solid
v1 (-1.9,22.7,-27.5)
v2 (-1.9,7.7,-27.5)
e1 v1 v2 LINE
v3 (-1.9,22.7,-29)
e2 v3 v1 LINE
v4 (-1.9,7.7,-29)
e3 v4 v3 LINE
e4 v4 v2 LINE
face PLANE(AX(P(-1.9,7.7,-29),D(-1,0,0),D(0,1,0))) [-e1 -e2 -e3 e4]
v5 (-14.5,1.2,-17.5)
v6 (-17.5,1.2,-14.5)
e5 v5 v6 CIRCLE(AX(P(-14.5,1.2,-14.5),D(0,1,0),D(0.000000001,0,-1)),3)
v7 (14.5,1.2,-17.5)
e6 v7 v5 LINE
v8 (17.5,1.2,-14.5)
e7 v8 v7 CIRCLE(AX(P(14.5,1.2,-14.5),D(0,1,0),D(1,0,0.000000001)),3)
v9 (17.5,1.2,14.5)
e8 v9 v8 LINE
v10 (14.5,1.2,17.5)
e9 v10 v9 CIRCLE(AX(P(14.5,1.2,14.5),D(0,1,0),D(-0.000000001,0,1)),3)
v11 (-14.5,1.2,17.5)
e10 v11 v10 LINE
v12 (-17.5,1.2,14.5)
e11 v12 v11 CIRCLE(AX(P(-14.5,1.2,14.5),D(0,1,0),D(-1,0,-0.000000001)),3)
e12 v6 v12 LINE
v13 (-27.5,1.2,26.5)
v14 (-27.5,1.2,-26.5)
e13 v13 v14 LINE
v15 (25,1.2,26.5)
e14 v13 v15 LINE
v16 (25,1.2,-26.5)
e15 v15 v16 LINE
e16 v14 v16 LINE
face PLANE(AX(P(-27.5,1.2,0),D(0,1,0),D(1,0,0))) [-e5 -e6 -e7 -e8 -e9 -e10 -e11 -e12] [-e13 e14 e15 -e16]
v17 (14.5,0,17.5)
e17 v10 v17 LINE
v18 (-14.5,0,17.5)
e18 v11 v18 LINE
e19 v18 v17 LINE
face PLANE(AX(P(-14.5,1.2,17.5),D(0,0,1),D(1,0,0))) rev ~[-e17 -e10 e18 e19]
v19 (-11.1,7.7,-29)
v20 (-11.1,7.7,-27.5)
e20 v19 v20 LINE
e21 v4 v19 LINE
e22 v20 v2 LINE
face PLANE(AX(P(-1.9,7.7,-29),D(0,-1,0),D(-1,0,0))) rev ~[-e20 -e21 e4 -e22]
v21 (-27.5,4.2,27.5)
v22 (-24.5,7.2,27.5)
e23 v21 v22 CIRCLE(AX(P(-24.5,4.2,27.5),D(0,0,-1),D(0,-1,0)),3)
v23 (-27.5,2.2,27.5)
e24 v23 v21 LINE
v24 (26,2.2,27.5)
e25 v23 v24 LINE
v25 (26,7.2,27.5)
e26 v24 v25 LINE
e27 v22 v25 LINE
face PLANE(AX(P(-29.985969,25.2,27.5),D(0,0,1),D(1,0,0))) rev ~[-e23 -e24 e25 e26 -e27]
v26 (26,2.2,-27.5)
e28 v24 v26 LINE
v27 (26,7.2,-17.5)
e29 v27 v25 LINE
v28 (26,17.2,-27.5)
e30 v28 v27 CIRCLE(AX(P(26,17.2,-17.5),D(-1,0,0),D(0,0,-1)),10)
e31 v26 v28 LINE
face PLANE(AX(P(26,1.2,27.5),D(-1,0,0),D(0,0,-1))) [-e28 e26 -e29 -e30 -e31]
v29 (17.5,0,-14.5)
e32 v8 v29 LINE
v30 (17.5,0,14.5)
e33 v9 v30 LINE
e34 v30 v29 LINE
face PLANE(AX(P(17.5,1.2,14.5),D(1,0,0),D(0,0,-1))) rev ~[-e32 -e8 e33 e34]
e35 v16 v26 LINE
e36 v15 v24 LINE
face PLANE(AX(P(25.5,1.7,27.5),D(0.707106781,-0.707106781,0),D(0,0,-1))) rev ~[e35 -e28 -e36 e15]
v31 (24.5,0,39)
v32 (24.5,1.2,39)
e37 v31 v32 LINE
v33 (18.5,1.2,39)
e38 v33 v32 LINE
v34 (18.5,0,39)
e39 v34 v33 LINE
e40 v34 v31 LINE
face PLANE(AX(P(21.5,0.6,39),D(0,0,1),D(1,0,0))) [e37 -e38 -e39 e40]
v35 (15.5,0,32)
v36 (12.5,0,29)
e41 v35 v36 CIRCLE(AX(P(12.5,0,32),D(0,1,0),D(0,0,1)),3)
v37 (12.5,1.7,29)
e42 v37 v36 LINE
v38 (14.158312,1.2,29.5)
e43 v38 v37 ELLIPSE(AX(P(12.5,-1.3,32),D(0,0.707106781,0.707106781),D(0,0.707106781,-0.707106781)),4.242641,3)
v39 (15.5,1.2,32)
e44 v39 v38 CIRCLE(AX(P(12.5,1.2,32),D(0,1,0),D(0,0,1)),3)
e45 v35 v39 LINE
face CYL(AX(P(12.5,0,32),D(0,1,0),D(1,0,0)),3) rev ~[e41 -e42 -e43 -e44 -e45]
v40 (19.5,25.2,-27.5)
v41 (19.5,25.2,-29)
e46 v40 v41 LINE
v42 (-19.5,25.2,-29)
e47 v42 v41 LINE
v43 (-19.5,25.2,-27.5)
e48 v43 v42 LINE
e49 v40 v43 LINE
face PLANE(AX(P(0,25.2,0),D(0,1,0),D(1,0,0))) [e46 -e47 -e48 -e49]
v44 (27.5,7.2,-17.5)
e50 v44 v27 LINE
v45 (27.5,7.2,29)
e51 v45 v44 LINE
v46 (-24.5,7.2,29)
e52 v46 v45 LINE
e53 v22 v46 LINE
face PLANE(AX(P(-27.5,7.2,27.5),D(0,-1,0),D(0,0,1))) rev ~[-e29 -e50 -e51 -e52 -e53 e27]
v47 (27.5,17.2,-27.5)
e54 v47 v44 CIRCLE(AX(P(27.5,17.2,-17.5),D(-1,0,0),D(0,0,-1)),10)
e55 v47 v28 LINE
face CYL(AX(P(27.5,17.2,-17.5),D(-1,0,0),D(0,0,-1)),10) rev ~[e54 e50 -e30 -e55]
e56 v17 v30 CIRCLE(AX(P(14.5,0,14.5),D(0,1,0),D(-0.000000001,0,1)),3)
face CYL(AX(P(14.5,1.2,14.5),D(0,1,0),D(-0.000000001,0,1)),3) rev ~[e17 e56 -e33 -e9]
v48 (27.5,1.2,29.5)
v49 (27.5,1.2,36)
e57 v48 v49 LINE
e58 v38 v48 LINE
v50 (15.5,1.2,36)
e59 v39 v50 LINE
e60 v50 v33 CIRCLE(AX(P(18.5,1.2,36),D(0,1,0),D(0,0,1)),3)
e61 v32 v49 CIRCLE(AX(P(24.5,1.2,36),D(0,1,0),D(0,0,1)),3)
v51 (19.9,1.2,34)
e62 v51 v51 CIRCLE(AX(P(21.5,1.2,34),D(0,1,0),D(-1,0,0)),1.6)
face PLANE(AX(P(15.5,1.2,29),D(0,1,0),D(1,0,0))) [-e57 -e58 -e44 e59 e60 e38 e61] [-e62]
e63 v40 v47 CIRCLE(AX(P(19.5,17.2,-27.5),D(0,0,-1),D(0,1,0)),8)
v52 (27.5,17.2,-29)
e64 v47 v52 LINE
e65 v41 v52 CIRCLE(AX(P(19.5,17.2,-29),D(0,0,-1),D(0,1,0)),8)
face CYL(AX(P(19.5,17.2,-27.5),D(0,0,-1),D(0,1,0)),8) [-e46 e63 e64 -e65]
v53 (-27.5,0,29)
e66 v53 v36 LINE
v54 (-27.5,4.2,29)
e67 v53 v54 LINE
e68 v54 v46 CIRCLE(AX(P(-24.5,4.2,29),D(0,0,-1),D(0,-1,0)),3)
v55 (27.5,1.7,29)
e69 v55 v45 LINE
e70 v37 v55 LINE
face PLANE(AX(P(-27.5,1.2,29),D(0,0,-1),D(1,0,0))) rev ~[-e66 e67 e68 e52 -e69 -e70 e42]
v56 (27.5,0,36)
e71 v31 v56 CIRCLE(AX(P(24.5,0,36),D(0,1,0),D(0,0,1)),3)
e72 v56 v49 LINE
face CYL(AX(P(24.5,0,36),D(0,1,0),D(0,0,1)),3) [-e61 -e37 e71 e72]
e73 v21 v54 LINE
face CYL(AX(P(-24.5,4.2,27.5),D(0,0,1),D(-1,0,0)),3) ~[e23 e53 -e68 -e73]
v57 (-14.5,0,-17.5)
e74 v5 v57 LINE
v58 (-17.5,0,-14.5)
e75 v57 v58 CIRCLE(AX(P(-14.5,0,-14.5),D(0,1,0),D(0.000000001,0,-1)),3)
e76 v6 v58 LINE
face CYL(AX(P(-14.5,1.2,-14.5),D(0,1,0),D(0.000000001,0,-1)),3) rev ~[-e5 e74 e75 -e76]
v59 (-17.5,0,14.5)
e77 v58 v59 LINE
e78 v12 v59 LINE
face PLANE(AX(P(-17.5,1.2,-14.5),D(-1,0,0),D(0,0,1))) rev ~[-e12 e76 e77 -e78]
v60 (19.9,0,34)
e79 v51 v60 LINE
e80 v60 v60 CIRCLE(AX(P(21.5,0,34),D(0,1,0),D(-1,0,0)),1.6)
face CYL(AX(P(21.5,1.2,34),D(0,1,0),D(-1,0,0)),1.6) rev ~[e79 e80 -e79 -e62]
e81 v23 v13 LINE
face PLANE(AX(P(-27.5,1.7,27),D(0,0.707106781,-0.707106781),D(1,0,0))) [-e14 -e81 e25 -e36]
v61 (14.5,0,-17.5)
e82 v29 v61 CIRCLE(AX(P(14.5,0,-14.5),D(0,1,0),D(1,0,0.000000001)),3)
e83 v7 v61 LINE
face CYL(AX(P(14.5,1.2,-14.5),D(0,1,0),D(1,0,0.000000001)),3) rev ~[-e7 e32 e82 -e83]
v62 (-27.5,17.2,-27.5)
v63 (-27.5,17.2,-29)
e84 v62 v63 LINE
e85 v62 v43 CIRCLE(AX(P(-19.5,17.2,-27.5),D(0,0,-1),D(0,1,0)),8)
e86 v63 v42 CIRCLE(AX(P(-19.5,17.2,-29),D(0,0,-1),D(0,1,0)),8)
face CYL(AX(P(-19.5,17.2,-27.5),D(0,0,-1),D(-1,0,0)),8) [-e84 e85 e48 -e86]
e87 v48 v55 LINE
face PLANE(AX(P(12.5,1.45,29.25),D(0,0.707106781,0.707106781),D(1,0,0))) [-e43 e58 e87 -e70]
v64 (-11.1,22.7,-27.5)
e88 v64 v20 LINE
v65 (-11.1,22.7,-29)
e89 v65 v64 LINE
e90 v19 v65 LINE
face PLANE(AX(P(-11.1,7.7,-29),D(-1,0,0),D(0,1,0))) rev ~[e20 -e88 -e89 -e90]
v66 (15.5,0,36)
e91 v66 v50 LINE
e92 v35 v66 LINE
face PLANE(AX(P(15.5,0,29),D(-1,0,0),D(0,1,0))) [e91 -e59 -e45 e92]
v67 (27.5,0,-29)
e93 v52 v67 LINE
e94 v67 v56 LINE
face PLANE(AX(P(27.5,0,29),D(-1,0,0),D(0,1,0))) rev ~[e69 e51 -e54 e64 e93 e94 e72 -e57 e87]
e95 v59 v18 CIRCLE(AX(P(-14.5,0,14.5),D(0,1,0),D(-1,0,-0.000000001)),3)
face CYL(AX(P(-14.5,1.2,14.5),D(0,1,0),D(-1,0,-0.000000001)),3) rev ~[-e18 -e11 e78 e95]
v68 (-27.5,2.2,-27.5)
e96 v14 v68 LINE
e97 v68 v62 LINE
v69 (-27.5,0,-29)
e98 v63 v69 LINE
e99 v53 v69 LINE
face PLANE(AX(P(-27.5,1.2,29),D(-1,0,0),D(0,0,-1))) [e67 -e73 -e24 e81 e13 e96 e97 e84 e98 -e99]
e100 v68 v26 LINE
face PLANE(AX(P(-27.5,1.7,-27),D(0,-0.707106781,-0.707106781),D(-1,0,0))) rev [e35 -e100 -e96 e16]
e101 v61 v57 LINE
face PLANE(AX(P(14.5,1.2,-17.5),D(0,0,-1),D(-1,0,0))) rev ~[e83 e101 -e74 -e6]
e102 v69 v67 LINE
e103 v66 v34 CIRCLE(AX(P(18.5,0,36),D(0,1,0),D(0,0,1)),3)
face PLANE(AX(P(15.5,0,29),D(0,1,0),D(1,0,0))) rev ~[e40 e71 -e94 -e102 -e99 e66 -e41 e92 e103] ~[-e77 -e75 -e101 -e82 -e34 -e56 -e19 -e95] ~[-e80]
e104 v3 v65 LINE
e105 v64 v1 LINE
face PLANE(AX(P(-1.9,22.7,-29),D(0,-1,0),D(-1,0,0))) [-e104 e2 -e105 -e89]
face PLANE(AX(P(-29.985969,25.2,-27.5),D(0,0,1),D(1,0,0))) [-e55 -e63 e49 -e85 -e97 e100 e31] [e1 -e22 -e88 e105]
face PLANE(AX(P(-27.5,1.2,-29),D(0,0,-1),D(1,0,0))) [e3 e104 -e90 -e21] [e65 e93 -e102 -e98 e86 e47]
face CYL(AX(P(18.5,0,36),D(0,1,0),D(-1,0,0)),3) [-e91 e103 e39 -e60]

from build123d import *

# Parameters (mm, degrees)
ESBO_O1_W                = 55
ESBO_O1_H                = 58
BASE_DEPTH               = 1.2
ESBO_O2_W                = 55
ESBO_O2_H                = 58
ESBO_O2_W_2              = 52
ESBO_O2_H_2              = 55
PAREDES_DEPTH            = 24
ESBO_O3_W                = 4.971937724
ESBO_O3_H                = 55
CORTE_EXTRUS_O1_DEPTH    = 24
ESBO_O4_W                = 9.2
ESBO_O4_H                = 15
ENCAIXE_CHAVE_DEPTH      = 17
ESBO_O5_W                = 1.5
ESBO_O5_H                = 18
CORTE_EXTRUS_O3_DEPTH    = 68.089790579
FILETE1_R                = 8
FILETE2_R                = 3
CHANFRO1_SIZE            = 1
CORTE_EXTRUS_O5_DEPTH    = 17
ESBO_O8_W                = 55
ESBO_O8_H                = 18
CORTE_EXTRUS_O6_DEPTH    = 17
FILETE6_R                = 8
FILETE7_R                = 10
ESBO_O9_W                = 12
ESBO_O9_H                = 1.2
RESSALTO_EXTRUS_O3_DEPTH = 10
ESBO_O10_R               = 1.6
CORTE_EXTRUS_O7_DEPTH    = 10
FILETE8_R                = 3
FILETE9_R                = 3
FILETE10_R               = 3
CHANFRO2_SIZE            = 0.5


with BuildPart() as part:
    # Esboço1 → Base (new body)
    with BuildSketch(Plane(origin=(0, 0, 0), x_dir=(1, 0, 0), z_dir=(0, 1, 0))):
        Rectangle(ESBO_O1_W, ESBO_O1_H)
    extrude(amount=BASE_DEPTH)

    # Esboço2 → Paredes (add)
    with BuildSketch(Plane(origin=(0, 1.2, 0), x_dir=(1, 0, 0), z_dir=(0, 1, 0))):
        Rectangle(ESBO_O2_W, ESBO_O2_H)
        Rectangle(ESBO_O2_W_2, ESBO_O2_H_2, mode=Mode.SUBTRACT)
    extrude(amount=PAREDES_DEPTH)

    # Esboço3 → Corte-extrusão1 (cut)
    with BuildSketch(Plane(origin=(0, 25.2, 0), x_dir=(1, 0, 0), z_dir=(0, 1, 0))):
        with Locations((-27.5, 0)):
            Rectangle(ESBO_O3_W, ESBO_O3_H)
    extrude(amount=-CORTE_EXTRUS_O1_DEPTH, mode=Mode.SUBTRACT)

    # Esboço4 → Encaixe chave (cut)
    with BuildSketch(Plane(origin=(0, 0, -29), x_dir=(-1, 0, 0), z_dir=(0, 0, -1))):
        with Locations((6.5, 15.2)):
            Rectangle(ESBO_O4_W, ESBO_O4_H)
    extrude(amount=-ENCAIXE_CHAVE_DEPTH, mode=Mode.SUBTRACT)

    # Esboço5 → Corte-extrusão3 (cut, through all)
    with BuildSketch(Plane.ZY.offset(27.5)):
        with Locations((28.25, 16.2)):
            Rectangle(ESBO_O5_W, ESBO_O5_H)
    extrude(amount=-CORTE_EXTRUS_O3_DEPTH, mode=Mode.SUBTRACT)

    # Filete1
    filete1_edges = [part.edges().sort_by_distance(p)[0] for p in [
        (-27.5, 25.2, -28.25),
    ]]
    fillet(filete1_edges, radius=FILETE1_R)

    # Filete2
    filete2_edges = [part.edges().sort_by_distance(p)[0] for p in [
        (-27.5, 7.2, 28.25),
    ]]
    fillet(filete2_edges, radius=FILETE2_R)

    # Chanfro1
    chanfro1_edges = [part.edges().sort_by_distance(p)[0] for p in [
        (26, 1.2, 0),
        (-0.75, 1.2, -27.5),
        (-0.75, 1.2, 27.5),
    ]]
    chamfer(chanfro1_edges, length=CHANFRO1_SIZE)

    # Esboço7 → Corte-extrusão5 (cut)
    with BuildSketch(Plane(origin=(0, 1.2, 0), x_dir=(1, 0, 0), z_dir=(0, 1, 0))):
        with BuildLine():
            Line((-14.5, -17.5), (14.5, -17.5))
            ThreePointArc((14.5, -17.5), (16.621320344, -16.621320344), (17.5, -14.5))
            Line((17.5, -14.5), (17.5, 14.5))
            ThreePointArc((17.5, 14.5), (16.621320344, 16.621320344), (14.5, 17.5))
            Line((14.5, 17.5), (-14.5, 17.5))
            ThreePointArc((-14.5, 17.5), (-16.621320344, 16.621320344), (-17.5, 14.5))
            Line((-17.5, 14.5), (-17.5, -14.5))
            ThreePointArc((-17.5, -14.5), (-16.621320344, -16.621320344), (-14.5, -17.5))
        make_face()
    extrude(amount=-CORTE_EXTRUS_O5_DEPTH, mode=Mode.SUBTRACT)

    # Esboço8 → Corte-extrusão6 (cut)
    with BuildSketch(Plane(origin=(27.5, 0, 0), x_dir=(0, 0, -1), z_dir=(1, 0, 0))):
        with Locations((0, 16.2)):
            Rectangle(ESBO_O8_W, ESBO_O8_H)
    extrude(amount=-CORTE_EXTRUS_O6_DEPTH, mode=Mode.SUBTRACT)

    # Filete6
    filete6_edges = [part.edges().sort_by_distance(p)[0] for p in [
        (27.5, 25.2, -28.25),
    ]]
    fillet(filete6_edges, radius=FILETE6_R)

    # Filete7
    filete7_edges = [part.edges().sort_by_distance(p)[0] for p in [
        (26.75, 7.2, -27.5),
    ]]
    fillet(filete7_edges, radius=FILETE7_R)

    # Esboço9 → Ressalto-extrusão3 (add)
    with BuildSketch(Plane.XY.offset(29)):
        with Locations((21.5, 0.6)):
            Rectangle(ESBO_O9_W, ESBO_O9_H)
    extrude(amount=RESSALTO_EXTRUS_O3_DEPTH)

    # Esboço10 → Corte-extrusão7 (cut)
    with BuildSketch(Plane(origin=(0, 1.2, 0), x_dir=(1, 0, 0), z_dir=(0, 1, 0))):
        with Locations(Location((21.5, -34, 0), (0, 0, 180))):
            Circle(ESBO_O10_R)
    extrude(amount=-CORTE_EXTRUS_O7_DEPTH, mode=Mode.SUBTRACT)

    # Filete8
    filete8_edges = [part.edges().sort_by_distance(p)[0] for p in [
        (15.5, 0.6, 39),
    ]]
    fillet(filete8_edges, radius=FILETE8_R)

    # Filete9
    filete9_edges = [part.edges().sort_by_distance(p)[0] for p in [
        (27.5, 0.6, 39),
    ]]
    fillet(filete9_edges, radius=FILETE9_R)

    # Filete10
    filete10_edges = [part.edges().sort_by_distance(p)[0] for p in [
        (15.5, 0.6, 29),
    ]]
    fillet(filete10_edges, radius=FILETE10_R)

    # Chanfro2
    chanfro2_edges = [part.edges().sort_by_distance(p)[0] for p in [
        (20, 1.2, 29),
    ]]
    chamfer(chanfro2_edges, length=CHANFRO2_SIZE)


solid = part.part
